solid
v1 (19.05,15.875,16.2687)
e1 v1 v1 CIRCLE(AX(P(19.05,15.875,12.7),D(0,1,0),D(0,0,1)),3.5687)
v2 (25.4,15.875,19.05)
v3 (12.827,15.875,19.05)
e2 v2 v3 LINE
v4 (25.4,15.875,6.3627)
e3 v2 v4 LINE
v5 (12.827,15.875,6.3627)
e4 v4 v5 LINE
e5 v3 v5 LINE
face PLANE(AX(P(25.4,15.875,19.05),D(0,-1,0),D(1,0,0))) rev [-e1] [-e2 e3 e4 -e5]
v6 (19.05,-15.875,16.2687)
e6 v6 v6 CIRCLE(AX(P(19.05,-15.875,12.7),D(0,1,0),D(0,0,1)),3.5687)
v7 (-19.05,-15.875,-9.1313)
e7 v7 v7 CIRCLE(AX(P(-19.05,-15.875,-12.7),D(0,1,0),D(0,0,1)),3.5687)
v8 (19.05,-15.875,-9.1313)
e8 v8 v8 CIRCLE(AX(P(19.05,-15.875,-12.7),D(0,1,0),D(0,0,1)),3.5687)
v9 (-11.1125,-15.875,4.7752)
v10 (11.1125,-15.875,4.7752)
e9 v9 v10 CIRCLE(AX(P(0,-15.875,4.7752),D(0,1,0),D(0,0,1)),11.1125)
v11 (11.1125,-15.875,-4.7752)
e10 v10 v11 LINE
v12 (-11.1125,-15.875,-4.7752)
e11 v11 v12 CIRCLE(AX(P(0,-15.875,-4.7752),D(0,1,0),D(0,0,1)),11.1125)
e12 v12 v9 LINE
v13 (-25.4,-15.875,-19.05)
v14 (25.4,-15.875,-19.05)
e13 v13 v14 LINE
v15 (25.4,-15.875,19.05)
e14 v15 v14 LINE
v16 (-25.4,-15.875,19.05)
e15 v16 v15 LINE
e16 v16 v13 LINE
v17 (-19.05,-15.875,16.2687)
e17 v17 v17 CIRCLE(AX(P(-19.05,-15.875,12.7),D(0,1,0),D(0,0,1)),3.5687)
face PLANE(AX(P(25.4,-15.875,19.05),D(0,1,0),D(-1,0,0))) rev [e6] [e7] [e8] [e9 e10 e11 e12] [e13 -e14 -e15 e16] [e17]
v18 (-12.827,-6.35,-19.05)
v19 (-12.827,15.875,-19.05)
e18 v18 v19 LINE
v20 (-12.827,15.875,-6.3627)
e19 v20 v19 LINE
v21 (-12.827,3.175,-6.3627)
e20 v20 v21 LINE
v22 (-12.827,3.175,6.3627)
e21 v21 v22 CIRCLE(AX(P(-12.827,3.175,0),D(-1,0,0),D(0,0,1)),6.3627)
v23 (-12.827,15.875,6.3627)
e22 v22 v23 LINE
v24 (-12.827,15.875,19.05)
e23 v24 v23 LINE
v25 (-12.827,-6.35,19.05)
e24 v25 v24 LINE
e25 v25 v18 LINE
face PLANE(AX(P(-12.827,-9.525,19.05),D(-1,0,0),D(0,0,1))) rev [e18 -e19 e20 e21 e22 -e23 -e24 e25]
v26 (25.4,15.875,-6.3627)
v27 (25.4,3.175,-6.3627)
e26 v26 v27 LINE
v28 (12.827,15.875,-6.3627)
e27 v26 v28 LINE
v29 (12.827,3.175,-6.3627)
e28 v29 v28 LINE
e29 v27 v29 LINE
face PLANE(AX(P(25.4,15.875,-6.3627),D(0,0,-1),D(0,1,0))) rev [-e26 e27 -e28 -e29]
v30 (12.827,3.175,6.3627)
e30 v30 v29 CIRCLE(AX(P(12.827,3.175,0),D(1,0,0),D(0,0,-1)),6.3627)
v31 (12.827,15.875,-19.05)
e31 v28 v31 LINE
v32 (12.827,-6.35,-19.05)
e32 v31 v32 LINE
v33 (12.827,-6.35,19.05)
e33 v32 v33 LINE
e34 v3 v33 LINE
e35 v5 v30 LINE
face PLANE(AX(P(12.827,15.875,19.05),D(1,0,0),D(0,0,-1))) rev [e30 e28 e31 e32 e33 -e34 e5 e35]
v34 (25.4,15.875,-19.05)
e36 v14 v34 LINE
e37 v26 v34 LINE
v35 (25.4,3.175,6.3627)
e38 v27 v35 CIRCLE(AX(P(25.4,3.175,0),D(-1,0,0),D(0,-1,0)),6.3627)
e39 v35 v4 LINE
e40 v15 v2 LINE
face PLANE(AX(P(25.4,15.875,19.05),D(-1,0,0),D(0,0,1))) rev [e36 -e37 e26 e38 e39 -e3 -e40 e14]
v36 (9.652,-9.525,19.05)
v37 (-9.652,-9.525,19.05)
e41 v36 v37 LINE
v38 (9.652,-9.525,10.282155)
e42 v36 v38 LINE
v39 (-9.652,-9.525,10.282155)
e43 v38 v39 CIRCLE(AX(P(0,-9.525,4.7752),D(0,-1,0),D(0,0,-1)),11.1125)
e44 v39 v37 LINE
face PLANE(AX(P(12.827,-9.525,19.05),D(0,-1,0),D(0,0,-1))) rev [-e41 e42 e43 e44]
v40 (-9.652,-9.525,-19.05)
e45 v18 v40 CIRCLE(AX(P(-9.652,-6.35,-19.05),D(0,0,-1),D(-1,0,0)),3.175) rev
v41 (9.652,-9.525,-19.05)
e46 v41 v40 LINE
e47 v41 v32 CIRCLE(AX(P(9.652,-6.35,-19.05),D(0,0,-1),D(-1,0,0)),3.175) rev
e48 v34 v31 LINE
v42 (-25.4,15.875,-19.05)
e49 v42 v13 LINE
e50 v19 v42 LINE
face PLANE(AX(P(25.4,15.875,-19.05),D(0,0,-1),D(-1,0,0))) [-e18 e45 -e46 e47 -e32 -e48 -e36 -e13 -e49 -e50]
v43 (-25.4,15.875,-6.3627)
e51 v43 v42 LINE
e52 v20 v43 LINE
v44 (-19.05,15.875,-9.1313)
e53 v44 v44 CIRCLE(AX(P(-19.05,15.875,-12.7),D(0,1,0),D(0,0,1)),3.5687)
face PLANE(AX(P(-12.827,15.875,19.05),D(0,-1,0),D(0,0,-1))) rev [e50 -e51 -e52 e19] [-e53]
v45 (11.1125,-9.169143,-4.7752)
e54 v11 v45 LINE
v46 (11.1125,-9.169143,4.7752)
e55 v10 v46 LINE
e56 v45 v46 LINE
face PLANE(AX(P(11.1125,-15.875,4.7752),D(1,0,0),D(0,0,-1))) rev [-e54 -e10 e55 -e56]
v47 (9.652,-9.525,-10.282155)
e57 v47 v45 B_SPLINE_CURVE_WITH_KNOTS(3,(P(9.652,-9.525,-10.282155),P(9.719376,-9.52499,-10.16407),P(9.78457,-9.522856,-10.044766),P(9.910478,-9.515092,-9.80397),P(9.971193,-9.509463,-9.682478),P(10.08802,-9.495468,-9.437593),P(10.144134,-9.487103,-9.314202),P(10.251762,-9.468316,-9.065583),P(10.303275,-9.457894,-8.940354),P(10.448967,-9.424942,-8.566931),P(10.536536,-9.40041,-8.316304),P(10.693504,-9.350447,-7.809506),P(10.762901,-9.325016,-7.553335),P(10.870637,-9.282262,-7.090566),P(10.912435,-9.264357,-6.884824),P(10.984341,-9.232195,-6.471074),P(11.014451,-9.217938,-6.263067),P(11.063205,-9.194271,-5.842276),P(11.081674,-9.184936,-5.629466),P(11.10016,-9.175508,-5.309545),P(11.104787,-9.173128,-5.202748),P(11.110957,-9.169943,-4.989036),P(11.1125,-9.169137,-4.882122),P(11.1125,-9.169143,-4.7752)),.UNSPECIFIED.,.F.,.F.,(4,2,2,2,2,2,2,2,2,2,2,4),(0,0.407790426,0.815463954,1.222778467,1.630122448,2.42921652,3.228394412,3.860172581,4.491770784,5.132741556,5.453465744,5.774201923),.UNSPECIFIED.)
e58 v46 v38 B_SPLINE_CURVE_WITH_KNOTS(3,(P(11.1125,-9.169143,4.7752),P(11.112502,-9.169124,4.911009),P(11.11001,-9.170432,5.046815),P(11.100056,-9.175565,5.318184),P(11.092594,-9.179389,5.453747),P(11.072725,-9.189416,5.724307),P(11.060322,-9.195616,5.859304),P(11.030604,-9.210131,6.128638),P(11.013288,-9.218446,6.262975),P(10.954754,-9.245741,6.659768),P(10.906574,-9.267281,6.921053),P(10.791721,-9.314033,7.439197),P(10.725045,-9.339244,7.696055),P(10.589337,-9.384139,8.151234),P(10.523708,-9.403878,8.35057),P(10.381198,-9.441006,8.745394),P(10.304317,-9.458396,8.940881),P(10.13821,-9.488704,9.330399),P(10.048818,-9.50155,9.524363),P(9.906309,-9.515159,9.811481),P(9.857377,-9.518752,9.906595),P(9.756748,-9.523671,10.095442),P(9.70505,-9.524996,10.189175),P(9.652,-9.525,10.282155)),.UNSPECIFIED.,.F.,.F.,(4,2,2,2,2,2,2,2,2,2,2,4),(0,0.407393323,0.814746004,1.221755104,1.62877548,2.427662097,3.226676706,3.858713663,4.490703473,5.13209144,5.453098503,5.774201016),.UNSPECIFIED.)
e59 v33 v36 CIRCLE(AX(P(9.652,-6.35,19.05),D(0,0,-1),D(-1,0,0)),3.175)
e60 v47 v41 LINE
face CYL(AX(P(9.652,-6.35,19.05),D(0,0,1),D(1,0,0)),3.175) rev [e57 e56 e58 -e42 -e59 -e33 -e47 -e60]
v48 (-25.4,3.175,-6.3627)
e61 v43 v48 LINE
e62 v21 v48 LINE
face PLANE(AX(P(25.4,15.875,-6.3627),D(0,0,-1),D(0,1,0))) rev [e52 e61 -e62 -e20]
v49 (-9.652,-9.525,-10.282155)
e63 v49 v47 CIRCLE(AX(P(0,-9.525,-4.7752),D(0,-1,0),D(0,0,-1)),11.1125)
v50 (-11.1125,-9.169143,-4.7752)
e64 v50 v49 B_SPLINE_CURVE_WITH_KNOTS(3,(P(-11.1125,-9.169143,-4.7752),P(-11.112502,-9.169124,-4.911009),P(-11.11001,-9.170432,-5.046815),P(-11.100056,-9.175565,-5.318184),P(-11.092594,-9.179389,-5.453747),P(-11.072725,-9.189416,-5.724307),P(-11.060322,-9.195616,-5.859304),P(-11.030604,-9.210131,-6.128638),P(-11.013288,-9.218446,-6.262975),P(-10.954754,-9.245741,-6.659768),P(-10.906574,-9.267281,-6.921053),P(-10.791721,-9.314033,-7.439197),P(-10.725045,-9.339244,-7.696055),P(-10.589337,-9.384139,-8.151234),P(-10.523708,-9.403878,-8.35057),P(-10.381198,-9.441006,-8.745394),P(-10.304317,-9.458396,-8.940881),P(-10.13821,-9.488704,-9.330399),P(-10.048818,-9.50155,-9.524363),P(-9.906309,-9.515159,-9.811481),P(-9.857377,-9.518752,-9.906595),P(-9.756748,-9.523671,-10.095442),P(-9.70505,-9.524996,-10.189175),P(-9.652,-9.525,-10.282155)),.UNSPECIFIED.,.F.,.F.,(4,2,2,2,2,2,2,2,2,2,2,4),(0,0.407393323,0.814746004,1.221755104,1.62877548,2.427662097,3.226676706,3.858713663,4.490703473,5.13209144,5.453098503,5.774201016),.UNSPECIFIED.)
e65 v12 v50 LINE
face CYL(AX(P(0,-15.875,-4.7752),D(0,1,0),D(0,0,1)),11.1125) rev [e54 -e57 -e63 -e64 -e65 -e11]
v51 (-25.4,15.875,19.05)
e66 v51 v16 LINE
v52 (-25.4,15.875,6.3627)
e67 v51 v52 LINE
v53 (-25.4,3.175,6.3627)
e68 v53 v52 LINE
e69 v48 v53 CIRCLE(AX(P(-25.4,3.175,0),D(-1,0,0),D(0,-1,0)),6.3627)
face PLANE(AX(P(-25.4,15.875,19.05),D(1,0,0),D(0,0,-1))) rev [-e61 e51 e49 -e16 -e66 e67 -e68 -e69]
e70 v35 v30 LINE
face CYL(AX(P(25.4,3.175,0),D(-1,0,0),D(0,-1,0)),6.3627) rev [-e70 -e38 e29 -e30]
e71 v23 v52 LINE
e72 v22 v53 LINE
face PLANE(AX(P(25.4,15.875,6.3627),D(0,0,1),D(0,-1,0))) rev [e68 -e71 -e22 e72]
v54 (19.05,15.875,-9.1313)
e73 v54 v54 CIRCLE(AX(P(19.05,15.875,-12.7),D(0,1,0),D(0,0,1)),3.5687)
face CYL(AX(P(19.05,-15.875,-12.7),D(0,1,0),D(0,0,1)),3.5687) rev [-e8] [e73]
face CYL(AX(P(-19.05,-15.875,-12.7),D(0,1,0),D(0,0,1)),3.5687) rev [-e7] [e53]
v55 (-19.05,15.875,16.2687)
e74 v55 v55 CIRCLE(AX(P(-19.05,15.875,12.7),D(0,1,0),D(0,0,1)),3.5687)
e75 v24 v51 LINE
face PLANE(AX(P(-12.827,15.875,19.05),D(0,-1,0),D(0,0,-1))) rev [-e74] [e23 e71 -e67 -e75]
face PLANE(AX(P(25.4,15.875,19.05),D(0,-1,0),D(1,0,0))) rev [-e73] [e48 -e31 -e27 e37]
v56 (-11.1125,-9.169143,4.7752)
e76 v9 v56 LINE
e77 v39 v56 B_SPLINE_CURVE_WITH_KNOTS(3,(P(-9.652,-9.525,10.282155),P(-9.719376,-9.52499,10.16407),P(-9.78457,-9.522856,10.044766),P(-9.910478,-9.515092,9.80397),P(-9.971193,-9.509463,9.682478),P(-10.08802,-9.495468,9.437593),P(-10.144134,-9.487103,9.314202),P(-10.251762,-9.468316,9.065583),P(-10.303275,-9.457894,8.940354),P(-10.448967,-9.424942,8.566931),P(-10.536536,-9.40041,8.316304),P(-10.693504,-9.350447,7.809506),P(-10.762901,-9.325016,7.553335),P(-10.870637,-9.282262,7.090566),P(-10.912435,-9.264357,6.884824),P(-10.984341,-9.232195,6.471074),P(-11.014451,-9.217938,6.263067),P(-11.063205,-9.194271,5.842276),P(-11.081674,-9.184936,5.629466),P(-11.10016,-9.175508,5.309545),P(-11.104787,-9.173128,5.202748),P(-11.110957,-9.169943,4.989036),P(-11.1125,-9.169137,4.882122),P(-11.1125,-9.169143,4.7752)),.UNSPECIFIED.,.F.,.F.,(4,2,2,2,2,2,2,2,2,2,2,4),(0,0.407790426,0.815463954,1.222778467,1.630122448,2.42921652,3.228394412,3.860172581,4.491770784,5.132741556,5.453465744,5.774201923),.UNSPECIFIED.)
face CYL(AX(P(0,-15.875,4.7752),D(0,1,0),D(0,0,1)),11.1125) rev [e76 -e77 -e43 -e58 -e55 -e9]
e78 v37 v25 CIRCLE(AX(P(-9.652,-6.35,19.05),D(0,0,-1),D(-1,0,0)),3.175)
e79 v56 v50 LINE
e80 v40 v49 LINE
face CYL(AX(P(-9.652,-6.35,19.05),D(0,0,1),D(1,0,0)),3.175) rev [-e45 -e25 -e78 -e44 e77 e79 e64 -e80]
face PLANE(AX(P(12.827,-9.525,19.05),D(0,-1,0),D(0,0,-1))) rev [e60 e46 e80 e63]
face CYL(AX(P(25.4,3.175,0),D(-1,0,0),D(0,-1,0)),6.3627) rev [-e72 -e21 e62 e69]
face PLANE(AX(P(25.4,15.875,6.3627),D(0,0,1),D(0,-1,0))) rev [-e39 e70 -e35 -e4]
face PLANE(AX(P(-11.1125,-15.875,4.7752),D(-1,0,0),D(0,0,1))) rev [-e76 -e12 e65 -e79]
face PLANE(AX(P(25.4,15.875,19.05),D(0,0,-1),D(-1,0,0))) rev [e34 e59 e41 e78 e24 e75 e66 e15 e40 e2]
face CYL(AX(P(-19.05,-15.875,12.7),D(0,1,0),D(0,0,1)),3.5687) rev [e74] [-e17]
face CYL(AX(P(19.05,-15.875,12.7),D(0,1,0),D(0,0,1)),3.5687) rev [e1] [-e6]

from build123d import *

# Parameters (mm, degrees)
EXTRUDE1_DEPTH          = 19.05
CUT_EXTRUDE1_DEPTH      = 51.8
FILLET1_R               = 3.175
CUT_EXTRUDE2_DEPTH      = 2.54
CUT_EXTRUDE2_DEPTH_BACK = 7.35
SKETCH4_R               = 3.5687
CUT_EXTRUDE3_DEPTH      = 32.7500001


with BuildPart() as part:
    # Sketch1 → Extrude1 (new body, symmetric)
    with BuildSketch(Plane.XY):
        Polygon((25.4, 15.875), (12.827, 15.875), (12.827, -9.525), (-12.827, -9.525), (-12.827, 15.875), (-25.4, 15.875), (-25.4, -15.875), (25.4, -15.875), align=None)
    extrude(amount=EXTRUDE1_DEPTH, both=True)

    # Sketch2 → Cut-Extrude1 (cut, through all)
    with BuildSketch(Plane.ZY.offset(25.4)):
        with BuildLine():
            Line((-6.3627, 15.875), (-6.3627, 3.175))
            ThreePointArc((-6.3627, 3.175), (0, -3.1877), (6.3627, 3.175))
            Line((6.3627, 3.175), (6.3627, 15.875))
            Line((6.3627, 15.875), (-6.3627, 15.875))
        make_face()
    extrude(amount=-CUT_EXTRUDE1_DEPTH, mode=Mode.SUBTRACT)

    # Fillet1
    fillet1_edges = [part.edges().sort_by_distance(p)[0] for p in [
        (-12.827, -9.525, 0),
        (12.827, -9.525, 0),
    ]]
    fillet(fillet1_edges, radius=FILLET1_R)

    # Sketch3 → Cut-Extrude2 (cut, two sides)
    with BuildSketch(Plane(origin=(0, -9.525, 0), x_dir=(-1, 0, 0), z_dir=(0, 1, 0))) as cut_extrude2_sk:
        with BuildLine():
            Line((-11.1125, 4.7752), (-11.1125, -4.7752))
            ThreePointArc((-11.1125, -4.7752), (0, -15.8877), (11.1125, -4.7752))
            Line((11.1125, -4.7752), (11.1125, 4.7752))
            ThreePointArc((11.1125, 4.7752), (0, 15.8877), (-11.1125, 4.7752))
        make_face()
    extrude(amount=CUT_EXTRUDE2_DEPTH, mode=Mode.SUBTRACT)
    extrude(cut_extrude2_sk.sketch, amount=-CUT_EXTRUDE2_DEPTH_BACK, mode=Mode.SUBTRACT)

    # Sketch4 → Cut-Extrude3 (cut, through all)
    with BuildSketch(Plane(origin=(0, 15.875, 0), x_dir=(-1, 0, 0), z_dir=(0, 1, 0))):
        with Locations(Location((-19.05, -12.7, 0), (0, 0, 90))):  # turned: the seam where the file's is
            Circle(SKETCH4_R)
        with Locations(Location((-19.05, 12.7, 0), (0, 0, 90))):  # turned: the seam where the file's is
            Circle(SKETCH4_R)
        with Locations(Location((19.05, 12.7, 0), (0, 0, 90))):  # turned: the seam where the file's is
            Circle(SKETCH4_R)
        with Locations(Location((19.05, -12.7, 0), (0, 0, 90))):  # turned: the seam where the file's is
            Circle(SKETCH4_R)
    extrude(amount=-CUT_EXTRUDE3_DEPTH, mode=Mode.SUBTRACT)


solid = part.part
